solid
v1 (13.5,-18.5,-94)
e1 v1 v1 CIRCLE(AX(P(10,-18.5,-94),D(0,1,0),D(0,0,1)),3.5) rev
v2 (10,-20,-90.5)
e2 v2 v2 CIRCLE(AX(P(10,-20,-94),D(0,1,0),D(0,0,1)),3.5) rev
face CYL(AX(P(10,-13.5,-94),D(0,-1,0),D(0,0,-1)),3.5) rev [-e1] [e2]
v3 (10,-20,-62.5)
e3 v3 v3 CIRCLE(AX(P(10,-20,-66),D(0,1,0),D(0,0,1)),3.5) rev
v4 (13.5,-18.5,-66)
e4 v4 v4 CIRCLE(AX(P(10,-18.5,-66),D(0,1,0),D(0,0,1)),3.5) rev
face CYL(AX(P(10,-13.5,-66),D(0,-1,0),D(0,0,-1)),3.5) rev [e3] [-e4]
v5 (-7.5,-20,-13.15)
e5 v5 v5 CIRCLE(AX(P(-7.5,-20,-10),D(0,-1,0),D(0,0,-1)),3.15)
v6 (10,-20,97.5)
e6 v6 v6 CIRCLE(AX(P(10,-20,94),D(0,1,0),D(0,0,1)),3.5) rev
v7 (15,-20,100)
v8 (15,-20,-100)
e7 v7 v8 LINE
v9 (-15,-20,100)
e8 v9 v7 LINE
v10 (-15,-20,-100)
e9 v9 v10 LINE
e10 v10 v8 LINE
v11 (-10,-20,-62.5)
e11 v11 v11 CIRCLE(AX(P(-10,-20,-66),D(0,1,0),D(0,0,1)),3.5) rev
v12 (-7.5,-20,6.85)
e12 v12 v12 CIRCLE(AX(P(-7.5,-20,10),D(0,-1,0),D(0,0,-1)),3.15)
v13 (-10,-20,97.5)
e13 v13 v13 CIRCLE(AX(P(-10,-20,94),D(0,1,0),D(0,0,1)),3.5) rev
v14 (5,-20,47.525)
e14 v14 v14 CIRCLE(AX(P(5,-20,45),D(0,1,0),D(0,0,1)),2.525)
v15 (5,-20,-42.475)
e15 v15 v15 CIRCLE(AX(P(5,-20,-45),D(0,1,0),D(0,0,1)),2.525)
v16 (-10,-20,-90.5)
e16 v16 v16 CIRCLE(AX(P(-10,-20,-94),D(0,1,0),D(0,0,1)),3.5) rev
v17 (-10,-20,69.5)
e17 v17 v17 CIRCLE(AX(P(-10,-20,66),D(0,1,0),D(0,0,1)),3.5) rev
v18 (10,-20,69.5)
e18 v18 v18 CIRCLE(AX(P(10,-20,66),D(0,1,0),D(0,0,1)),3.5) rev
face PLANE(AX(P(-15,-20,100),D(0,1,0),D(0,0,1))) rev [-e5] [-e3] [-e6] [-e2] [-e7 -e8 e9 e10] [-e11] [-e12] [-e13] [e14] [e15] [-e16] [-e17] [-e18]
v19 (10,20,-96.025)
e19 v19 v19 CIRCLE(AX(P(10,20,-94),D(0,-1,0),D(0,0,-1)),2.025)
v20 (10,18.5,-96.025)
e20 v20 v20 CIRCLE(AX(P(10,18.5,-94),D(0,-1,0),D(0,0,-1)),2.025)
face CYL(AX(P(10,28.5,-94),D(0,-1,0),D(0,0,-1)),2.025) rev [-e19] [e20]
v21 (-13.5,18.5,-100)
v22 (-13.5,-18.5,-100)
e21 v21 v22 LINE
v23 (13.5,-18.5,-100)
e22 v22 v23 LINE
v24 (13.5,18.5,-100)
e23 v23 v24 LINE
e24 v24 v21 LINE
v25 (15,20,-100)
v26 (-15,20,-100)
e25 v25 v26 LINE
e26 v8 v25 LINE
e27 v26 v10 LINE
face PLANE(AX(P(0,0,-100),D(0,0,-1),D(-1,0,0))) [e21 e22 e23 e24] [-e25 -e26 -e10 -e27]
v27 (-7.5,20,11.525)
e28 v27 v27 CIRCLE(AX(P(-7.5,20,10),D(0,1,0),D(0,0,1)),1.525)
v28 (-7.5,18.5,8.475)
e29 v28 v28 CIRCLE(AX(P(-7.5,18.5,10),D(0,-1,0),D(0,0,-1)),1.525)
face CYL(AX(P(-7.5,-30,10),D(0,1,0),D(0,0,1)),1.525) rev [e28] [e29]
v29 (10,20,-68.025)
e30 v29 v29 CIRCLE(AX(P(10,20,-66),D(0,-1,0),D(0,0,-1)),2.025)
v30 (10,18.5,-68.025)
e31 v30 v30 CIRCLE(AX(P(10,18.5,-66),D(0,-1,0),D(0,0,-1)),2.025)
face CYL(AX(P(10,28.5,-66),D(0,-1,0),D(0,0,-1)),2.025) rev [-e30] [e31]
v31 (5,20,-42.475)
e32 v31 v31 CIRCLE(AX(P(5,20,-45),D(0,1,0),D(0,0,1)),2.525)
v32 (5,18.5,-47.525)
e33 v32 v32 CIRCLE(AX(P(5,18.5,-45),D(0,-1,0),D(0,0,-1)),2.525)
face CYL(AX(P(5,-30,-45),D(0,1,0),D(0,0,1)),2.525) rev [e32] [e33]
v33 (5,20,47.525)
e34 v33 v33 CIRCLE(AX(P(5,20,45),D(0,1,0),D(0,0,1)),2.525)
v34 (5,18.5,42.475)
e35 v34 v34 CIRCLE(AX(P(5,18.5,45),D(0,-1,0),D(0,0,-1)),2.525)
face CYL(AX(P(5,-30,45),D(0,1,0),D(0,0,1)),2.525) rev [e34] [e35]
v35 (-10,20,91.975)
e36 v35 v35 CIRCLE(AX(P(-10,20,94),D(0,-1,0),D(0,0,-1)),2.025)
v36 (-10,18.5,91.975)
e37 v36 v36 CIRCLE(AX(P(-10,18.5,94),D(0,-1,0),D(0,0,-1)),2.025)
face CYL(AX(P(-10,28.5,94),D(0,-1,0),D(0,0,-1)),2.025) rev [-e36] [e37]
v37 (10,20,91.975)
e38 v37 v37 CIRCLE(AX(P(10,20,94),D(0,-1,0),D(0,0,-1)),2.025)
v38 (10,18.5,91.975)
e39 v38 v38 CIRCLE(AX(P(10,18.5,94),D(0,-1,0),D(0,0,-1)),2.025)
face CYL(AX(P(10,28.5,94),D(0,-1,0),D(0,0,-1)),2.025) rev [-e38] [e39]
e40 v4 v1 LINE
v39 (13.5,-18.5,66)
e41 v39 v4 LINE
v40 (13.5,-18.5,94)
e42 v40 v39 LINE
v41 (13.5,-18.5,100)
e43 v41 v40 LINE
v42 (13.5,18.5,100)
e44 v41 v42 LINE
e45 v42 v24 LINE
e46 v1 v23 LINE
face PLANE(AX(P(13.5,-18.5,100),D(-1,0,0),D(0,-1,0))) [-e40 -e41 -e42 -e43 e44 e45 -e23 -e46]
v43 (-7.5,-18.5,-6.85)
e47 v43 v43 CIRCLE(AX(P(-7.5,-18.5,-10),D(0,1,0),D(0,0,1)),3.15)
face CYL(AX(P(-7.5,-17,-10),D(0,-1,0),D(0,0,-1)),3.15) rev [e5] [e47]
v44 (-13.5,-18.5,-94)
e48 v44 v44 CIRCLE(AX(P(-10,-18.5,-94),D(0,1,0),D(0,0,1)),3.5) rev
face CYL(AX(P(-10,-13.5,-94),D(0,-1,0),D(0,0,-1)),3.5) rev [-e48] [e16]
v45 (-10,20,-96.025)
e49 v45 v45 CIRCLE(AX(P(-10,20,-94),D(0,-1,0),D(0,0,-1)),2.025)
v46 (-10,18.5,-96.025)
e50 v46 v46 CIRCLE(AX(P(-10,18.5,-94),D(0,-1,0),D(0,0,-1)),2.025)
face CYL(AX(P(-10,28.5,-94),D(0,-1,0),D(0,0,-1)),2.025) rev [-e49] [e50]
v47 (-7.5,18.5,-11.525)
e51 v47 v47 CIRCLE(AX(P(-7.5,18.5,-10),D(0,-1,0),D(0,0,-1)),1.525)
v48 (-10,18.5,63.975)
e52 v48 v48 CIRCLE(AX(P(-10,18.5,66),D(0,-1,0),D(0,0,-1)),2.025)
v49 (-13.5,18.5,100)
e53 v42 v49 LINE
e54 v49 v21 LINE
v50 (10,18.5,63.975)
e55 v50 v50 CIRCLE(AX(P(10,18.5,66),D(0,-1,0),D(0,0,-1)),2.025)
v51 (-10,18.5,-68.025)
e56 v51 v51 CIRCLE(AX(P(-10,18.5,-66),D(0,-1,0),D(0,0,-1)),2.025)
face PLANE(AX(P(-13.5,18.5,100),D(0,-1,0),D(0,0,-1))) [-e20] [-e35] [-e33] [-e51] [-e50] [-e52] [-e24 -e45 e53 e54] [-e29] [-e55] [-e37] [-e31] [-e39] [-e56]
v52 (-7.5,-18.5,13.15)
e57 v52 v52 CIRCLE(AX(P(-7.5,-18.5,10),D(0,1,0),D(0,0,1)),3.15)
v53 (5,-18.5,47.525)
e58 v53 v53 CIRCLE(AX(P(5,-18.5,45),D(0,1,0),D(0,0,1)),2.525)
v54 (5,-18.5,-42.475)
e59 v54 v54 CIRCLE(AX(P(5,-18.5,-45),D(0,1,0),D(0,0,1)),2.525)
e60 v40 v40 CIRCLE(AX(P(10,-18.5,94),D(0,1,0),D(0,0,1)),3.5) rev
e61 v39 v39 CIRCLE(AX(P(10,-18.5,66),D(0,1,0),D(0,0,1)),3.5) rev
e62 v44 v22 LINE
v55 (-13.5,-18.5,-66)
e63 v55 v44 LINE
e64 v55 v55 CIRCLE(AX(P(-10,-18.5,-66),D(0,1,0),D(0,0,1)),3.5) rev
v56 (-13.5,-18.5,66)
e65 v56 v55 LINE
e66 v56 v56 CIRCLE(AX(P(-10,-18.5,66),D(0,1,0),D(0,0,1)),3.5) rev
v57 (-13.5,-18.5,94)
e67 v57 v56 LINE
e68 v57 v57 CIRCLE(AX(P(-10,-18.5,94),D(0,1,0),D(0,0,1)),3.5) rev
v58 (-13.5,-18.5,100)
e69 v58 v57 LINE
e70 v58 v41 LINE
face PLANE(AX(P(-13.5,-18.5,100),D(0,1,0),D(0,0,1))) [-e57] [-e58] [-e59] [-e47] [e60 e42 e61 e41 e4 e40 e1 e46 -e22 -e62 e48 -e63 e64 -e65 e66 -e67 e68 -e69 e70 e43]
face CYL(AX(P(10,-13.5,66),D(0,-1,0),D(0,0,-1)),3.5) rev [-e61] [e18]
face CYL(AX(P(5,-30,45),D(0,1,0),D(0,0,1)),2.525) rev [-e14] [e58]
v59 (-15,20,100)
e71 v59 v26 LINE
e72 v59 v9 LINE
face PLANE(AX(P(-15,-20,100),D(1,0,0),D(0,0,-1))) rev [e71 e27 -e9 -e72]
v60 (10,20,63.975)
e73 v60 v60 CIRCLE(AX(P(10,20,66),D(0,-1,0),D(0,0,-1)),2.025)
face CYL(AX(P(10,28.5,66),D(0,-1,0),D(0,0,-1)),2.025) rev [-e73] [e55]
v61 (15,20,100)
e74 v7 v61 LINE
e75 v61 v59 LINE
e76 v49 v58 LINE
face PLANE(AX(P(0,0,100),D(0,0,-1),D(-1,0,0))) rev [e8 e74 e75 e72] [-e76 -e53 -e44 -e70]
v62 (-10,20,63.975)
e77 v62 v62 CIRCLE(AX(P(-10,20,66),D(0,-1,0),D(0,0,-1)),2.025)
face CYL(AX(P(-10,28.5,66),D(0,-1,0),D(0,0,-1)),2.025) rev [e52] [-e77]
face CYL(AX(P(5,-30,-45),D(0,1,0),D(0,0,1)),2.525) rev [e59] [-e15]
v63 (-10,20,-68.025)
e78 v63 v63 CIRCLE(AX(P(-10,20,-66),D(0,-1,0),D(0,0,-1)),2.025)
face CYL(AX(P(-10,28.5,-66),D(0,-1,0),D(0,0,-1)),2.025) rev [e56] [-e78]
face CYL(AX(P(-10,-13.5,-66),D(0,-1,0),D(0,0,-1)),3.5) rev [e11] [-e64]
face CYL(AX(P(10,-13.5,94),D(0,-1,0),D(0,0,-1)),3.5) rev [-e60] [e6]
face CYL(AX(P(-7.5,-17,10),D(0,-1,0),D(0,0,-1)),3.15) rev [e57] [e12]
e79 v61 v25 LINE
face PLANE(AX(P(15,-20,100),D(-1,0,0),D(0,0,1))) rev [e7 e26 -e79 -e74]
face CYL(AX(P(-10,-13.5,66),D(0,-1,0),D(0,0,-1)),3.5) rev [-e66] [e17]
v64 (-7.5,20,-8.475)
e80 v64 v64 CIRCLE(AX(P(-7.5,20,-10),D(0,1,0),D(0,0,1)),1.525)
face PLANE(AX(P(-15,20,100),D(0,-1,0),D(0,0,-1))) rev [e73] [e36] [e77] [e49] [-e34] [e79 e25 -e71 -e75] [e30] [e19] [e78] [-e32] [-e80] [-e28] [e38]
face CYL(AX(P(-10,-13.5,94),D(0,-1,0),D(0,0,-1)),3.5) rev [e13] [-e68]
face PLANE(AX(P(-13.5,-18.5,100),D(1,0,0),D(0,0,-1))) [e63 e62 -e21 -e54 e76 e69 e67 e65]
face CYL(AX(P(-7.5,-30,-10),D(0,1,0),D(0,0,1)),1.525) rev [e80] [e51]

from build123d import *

# Parameters (mm, degrees)
SKETCH_1_W          = 30
SKETCH_1_H          = 40
SKETCH_1_W_2        = 27
SKETCH_1_H_2        = 37
EXTRUDE_1_DEPTH     = 100
SKETCH_3_R          = 1.525
CUT_EXTRUDE_2_DEPTH = 50
SKETCH_5_R          = 3.15
CUT_EXTRUDE_4_DEPTH = 3
SKETCH_6_R          = 2.525
CUT_EXTRUDE_5_DEPTH = 50
SKETCH_7_R          = 2.025
CUT_EXTRUDE_6_DEPTH = 10
SKETCH_8_R          = 3.5
CUT_EXTRUDE_7_DEPTH = 5


with BuildPart() as part:
    # 草图1 → 凸台-拉伸1 (new, symmetric)
    with BuildSketch(Plane.XY):
        Rectangle(SKETCH_1_W, SKETCH_1_H)
        Rectangle(SKETCH_1_W_2, SKETCH_1_H_2, mode=Mode.SUBTRACT)
    extrude(amount=EXTRUDE_1_DEPTH, both=True)

    # 草图3 → 切除-拉伸2 (cut)
    with BuildSketch(Plane(origin=(0, 20, 0), x_dir=(1, 0, 0), z_dir=(0, 1, 0))):
        with Locations((-7.5, 10)):
            Circle(SKETCH_3_R)
        with Locations((-7.5, -10)):
            Circle(SKETCH_3_R)
    extrude(amount=-CUT_EXTRUDE_2_DEPTH, mode=Mode.SUBTRACT)

    # 草图5 → 切除-拉伸4 (cut)
    with BuildSketch(Plane.XZ.offset(20)):
        with Locations((-7.5, 10)):
            Circle(SKETCH_5_R)
        with Locations((-7.5, -10)):
            Circle(SKETCH_5_R)
    extrude(amount=-CUT_EXTRUDE_4_DEPTH, mode=Mode.SUBTRACT)

    # 草图6 → 切除-拉伸5 (cut)
    with BuildSketch(Plane(origin=(0, 20, 0), x_dir=(1, 0, 0), z_dir=(0, 1, 0))):
        with Locations((5, 45)):
            Circle(SKETCH_6_R)
        with Locations((5, -45)):
            Circle(SKETCH_6_R)
    extrude(amount=-CUT_EXTRUDE_5_DEPTH, mode=Mode.SUBTRACT)

    # 草图7 → 切除-拉伸6 (cut)
    with BuildSketch(Plane.XZ.offset(-18.5)):
        with Locations((-10, 94)):
            Circle(SKETCH_7_R)
        with Locations((10, 94)):
            Circle(SKETCH_7_R)
        with Locations((10, 66)):
            Circle(SKETCH_7_R)
        with Locations((-10, 66)):
            Circle(SKETCH_7_R)
        with Locations((10, -66)):
            Circle(SKETCH_7_R)
        with Locations((-10, -66)):
            Circle(SKETCH_7_R)
        with Locations((10, -94)):
            Circle(SKETCH_7_R)
        with Locations((-10, -94)):
            Circle(SKETCH_7_R)
    extrude(amount=-CUT_EXTRUDE_6_DEPTH, mode=Mode.SUBTRACT)

    # 草图8 → 切除-拉伸7 (cut, symmetric)
    with BuildSketch(Plane(origin=(0, -18.5, 0), x_dir=(1, 0, 0), z_dir=(0, 1, 0))):
        with Locations((-10, 94)):
            Circle(SKETCH_8_R)
        with Locations((10, 94)):
            Circle(SKETCH_8_R)
        with Locations((10, 66)):
            Circle(SKETCH_8_R)
        with Locations((-10, 66)):
            Circle(SKETCH_8_R)
        with Locations((10, -66)):
            Circle(SKETCH_8_R)
        with Locations((-10, -66)):
            Circle(SKETCH_8_R)
        with Locations((-10, -94)):
            Circle(SKETCH_8_R)
        with Locations((10, -94)):
            Circle(SKETCH_8_R)
    extrude(amount=CUT_EXTRUDE_7_DEPTH, both=True, mode=Mode.SUBTRACT)


solid = part.part
